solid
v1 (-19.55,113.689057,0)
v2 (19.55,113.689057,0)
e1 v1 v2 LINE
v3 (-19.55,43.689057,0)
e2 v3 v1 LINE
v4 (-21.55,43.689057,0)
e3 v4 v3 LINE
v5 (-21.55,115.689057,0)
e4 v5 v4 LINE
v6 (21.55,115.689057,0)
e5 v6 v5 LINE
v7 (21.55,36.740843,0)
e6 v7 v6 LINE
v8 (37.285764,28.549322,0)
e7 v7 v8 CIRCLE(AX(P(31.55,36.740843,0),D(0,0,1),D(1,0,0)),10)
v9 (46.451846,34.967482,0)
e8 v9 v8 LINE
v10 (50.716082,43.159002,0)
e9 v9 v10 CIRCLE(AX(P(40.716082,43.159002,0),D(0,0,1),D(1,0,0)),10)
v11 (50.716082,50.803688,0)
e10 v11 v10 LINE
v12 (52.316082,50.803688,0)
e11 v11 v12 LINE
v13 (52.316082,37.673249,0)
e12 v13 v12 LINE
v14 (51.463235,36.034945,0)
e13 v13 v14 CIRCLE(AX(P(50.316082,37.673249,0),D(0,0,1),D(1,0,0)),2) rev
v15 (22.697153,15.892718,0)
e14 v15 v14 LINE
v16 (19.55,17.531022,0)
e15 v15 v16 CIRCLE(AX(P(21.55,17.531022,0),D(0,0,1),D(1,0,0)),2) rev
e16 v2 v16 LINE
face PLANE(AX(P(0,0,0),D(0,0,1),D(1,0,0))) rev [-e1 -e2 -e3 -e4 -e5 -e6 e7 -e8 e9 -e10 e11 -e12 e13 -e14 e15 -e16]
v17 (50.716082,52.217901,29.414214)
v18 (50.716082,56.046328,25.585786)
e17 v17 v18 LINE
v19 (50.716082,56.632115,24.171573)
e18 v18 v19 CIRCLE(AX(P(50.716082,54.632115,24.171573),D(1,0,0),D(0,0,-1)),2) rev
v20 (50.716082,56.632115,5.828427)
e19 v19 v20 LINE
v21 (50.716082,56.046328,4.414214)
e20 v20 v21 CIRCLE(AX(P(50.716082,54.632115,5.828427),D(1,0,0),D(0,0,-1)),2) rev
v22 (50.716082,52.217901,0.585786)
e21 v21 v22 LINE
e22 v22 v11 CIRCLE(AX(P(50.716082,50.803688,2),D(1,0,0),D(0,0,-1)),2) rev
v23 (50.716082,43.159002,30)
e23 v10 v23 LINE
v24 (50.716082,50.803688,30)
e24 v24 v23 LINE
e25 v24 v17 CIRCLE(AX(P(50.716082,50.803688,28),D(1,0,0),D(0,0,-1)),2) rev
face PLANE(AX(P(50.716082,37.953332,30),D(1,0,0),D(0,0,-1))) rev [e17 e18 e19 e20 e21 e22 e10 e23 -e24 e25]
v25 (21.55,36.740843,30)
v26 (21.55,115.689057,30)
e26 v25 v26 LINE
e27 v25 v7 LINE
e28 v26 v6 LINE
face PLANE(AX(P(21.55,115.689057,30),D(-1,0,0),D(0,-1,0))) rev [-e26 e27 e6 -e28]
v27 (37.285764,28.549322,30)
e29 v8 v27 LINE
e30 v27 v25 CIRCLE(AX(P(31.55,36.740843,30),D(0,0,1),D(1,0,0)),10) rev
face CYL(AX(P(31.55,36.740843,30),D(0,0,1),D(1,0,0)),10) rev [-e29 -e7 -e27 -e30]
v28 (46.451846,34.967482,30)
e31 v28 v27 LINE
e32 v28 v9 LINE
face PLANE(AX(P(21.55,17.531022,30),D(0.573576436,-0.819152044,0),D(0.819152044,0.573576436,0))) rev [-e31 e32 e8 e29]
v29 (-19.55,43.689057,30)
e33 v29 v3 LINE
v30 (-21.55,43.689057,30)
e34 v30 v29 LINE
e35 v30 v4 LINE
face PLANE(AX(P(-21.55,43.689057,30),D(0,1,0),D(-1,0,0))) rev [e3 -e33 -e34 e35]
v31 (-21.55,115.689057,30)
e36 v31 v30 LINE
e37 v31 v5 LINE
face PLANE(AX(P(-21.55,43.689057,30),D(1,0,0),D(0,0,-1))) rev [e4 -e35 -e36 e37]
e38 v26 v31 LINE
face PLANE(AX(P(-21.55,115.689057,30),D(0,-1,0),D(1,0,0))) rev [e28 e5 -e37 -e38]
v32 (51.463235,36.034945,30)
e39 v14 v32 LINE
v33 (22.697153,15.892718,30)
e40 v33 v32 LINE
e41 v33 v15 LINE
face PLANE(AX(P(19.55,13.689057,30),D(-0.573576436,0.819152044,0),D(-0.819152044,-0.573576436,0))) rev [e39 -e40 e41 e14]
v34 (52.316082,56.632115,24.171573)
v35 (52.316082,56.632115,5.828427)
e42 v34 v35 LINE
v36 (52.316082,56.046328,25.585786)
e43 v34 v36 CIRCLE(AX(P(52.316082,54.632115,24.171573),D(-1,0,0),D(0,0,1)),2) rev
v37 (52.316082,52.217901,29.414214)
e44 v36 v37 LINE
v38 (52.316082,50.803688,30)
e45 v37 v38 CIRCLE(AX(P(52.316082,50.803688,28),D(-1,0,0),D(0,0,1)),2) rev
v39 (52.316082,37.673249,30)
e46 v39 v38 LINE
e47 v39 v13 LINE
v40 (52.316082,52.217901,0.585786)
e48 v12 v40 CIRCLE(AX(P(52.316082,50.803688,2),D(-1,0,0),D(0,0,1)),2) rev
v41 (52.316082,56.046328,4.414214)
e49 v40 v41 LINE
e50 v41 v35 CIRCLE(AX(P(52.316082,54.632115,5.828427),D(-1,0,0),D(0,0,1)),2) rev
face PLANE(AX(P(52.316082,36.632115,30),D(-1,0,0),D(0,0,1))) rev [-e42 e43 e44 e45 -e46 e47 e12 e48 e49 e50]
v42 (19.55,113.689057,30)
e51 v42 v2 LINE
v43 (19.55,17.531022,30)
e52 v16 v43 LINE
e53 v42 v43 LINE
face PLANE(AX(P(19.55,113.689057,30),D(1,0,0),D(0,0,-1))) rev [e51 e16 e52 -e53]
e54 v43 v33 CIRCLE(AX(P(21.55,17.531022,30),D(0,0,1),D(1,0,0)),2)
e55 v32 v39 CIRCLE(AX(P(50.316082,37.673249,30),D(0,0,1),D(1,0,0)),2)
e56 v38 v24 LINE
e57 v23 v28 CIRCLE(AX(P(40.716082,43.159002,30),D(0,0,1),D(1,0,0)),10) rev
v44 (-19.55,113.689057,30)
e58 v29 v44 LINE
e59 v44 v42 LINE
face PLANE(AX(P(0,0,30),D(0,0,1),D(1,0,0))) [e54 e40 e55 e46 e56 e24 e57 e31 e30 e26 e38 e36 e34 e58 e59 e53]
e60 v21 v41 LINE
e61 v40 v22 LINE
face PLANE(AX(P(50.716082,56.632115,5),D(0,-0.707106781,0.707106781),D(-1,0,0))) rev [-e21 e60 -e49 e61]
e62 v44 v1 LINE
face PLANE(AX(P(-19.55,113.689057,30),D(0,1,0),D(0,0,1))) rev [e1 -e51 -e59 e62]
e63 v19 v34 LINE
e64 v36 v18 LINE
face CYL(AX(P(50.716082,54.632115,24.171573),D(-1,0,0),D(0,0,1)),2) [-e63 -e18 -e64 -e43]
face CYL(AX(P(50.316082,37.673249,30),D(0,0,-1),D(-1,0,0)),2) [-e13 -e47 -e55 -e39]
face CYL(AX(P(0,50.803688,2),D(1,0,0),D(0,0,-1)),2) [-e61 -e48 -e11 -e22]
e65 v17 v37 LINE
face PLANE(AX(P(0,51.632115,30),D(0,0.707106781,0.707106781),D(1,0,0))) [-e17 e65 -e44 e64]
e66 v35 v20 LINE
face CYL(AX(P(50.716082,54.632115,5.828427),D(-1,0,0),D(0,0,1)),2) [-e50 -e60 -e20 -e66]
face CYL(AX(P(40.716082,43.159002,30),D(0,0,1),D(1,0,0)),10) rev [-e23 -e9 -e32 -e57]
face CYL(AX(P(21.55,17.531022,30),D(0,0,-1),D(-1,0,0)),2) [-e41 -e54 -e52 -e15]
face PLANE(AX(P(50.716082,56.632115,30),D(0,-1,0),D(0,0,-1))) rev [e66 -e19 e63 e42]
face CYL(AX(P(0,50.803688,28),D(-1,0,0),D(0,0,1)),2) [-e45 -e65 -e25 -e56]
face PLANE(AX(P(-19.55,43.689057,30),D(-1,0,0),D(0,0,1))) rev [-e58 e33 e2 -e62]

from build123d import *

# Parameters (mm, degrees)
BOSS_EXTRU_1_DEPTH = 30
CONG_1_R           = 10
CHANFREIN1_SIZE    = 5
CONG_2_R           = 2


with BuildPart() as part:
    # Esquisse1 → Boss.-Extru.1 (new body)
    with BuildSketch(Plane.XY):
        Polygon((-19.55, 43.689057372), (-19.55, 113.689057372), (19.55, 113.689057372), (19.55, 13.689057372), (52.316081772, 36.632114826), (52.316081772, 56.632114826), (50.716081772, 56.632114826), (50.716081772, 37.953331942), (21.55, 17.531021626), (21.55, 115.689057372), (-21.55, 115.689057372), (-21.55, 43.689057372), align=None)
    extrude(amount=BOSS_EXTRU_1_DEPTH)

    # Congé1
    cong_1_edges = [part.edges().sort_by_distance(p)[0] for p in [
        (21.55, 17.531021626, 15),
        (50.716081772, 37.953331942, 15),
    ]]
    fillet(cong_1_edges, radius=CONG_1_R)

    # Chanfrein1
    chanfrein1_edges = [part.edges().sort_by_distance(p)[0] for p in [
        (51.516081772, 56.632114826, 0),
        (51.516081772, 56.632114826, 30),
    ]]
    chamfer(chanfrein1_edges, length=CHANFREIN1_SIZE)

    # Congé2
    cong_2_edges = [part.edges().sort_by_distance(p)[0] for p in [
        (52.316081772, 36.632114826, 15),
        (19.55, 13.689057372, 15),
        (51.516081772, 56.632114826, 25),
        (51.516081772, 56.632114826, 5),
        (51.516081772, 51.632114826, 0),
        (51.516081772, 51.632114826, 30),
    ]]
    fillet(cong_2_edges, radius=CONG_2_R)


solid = part.part
